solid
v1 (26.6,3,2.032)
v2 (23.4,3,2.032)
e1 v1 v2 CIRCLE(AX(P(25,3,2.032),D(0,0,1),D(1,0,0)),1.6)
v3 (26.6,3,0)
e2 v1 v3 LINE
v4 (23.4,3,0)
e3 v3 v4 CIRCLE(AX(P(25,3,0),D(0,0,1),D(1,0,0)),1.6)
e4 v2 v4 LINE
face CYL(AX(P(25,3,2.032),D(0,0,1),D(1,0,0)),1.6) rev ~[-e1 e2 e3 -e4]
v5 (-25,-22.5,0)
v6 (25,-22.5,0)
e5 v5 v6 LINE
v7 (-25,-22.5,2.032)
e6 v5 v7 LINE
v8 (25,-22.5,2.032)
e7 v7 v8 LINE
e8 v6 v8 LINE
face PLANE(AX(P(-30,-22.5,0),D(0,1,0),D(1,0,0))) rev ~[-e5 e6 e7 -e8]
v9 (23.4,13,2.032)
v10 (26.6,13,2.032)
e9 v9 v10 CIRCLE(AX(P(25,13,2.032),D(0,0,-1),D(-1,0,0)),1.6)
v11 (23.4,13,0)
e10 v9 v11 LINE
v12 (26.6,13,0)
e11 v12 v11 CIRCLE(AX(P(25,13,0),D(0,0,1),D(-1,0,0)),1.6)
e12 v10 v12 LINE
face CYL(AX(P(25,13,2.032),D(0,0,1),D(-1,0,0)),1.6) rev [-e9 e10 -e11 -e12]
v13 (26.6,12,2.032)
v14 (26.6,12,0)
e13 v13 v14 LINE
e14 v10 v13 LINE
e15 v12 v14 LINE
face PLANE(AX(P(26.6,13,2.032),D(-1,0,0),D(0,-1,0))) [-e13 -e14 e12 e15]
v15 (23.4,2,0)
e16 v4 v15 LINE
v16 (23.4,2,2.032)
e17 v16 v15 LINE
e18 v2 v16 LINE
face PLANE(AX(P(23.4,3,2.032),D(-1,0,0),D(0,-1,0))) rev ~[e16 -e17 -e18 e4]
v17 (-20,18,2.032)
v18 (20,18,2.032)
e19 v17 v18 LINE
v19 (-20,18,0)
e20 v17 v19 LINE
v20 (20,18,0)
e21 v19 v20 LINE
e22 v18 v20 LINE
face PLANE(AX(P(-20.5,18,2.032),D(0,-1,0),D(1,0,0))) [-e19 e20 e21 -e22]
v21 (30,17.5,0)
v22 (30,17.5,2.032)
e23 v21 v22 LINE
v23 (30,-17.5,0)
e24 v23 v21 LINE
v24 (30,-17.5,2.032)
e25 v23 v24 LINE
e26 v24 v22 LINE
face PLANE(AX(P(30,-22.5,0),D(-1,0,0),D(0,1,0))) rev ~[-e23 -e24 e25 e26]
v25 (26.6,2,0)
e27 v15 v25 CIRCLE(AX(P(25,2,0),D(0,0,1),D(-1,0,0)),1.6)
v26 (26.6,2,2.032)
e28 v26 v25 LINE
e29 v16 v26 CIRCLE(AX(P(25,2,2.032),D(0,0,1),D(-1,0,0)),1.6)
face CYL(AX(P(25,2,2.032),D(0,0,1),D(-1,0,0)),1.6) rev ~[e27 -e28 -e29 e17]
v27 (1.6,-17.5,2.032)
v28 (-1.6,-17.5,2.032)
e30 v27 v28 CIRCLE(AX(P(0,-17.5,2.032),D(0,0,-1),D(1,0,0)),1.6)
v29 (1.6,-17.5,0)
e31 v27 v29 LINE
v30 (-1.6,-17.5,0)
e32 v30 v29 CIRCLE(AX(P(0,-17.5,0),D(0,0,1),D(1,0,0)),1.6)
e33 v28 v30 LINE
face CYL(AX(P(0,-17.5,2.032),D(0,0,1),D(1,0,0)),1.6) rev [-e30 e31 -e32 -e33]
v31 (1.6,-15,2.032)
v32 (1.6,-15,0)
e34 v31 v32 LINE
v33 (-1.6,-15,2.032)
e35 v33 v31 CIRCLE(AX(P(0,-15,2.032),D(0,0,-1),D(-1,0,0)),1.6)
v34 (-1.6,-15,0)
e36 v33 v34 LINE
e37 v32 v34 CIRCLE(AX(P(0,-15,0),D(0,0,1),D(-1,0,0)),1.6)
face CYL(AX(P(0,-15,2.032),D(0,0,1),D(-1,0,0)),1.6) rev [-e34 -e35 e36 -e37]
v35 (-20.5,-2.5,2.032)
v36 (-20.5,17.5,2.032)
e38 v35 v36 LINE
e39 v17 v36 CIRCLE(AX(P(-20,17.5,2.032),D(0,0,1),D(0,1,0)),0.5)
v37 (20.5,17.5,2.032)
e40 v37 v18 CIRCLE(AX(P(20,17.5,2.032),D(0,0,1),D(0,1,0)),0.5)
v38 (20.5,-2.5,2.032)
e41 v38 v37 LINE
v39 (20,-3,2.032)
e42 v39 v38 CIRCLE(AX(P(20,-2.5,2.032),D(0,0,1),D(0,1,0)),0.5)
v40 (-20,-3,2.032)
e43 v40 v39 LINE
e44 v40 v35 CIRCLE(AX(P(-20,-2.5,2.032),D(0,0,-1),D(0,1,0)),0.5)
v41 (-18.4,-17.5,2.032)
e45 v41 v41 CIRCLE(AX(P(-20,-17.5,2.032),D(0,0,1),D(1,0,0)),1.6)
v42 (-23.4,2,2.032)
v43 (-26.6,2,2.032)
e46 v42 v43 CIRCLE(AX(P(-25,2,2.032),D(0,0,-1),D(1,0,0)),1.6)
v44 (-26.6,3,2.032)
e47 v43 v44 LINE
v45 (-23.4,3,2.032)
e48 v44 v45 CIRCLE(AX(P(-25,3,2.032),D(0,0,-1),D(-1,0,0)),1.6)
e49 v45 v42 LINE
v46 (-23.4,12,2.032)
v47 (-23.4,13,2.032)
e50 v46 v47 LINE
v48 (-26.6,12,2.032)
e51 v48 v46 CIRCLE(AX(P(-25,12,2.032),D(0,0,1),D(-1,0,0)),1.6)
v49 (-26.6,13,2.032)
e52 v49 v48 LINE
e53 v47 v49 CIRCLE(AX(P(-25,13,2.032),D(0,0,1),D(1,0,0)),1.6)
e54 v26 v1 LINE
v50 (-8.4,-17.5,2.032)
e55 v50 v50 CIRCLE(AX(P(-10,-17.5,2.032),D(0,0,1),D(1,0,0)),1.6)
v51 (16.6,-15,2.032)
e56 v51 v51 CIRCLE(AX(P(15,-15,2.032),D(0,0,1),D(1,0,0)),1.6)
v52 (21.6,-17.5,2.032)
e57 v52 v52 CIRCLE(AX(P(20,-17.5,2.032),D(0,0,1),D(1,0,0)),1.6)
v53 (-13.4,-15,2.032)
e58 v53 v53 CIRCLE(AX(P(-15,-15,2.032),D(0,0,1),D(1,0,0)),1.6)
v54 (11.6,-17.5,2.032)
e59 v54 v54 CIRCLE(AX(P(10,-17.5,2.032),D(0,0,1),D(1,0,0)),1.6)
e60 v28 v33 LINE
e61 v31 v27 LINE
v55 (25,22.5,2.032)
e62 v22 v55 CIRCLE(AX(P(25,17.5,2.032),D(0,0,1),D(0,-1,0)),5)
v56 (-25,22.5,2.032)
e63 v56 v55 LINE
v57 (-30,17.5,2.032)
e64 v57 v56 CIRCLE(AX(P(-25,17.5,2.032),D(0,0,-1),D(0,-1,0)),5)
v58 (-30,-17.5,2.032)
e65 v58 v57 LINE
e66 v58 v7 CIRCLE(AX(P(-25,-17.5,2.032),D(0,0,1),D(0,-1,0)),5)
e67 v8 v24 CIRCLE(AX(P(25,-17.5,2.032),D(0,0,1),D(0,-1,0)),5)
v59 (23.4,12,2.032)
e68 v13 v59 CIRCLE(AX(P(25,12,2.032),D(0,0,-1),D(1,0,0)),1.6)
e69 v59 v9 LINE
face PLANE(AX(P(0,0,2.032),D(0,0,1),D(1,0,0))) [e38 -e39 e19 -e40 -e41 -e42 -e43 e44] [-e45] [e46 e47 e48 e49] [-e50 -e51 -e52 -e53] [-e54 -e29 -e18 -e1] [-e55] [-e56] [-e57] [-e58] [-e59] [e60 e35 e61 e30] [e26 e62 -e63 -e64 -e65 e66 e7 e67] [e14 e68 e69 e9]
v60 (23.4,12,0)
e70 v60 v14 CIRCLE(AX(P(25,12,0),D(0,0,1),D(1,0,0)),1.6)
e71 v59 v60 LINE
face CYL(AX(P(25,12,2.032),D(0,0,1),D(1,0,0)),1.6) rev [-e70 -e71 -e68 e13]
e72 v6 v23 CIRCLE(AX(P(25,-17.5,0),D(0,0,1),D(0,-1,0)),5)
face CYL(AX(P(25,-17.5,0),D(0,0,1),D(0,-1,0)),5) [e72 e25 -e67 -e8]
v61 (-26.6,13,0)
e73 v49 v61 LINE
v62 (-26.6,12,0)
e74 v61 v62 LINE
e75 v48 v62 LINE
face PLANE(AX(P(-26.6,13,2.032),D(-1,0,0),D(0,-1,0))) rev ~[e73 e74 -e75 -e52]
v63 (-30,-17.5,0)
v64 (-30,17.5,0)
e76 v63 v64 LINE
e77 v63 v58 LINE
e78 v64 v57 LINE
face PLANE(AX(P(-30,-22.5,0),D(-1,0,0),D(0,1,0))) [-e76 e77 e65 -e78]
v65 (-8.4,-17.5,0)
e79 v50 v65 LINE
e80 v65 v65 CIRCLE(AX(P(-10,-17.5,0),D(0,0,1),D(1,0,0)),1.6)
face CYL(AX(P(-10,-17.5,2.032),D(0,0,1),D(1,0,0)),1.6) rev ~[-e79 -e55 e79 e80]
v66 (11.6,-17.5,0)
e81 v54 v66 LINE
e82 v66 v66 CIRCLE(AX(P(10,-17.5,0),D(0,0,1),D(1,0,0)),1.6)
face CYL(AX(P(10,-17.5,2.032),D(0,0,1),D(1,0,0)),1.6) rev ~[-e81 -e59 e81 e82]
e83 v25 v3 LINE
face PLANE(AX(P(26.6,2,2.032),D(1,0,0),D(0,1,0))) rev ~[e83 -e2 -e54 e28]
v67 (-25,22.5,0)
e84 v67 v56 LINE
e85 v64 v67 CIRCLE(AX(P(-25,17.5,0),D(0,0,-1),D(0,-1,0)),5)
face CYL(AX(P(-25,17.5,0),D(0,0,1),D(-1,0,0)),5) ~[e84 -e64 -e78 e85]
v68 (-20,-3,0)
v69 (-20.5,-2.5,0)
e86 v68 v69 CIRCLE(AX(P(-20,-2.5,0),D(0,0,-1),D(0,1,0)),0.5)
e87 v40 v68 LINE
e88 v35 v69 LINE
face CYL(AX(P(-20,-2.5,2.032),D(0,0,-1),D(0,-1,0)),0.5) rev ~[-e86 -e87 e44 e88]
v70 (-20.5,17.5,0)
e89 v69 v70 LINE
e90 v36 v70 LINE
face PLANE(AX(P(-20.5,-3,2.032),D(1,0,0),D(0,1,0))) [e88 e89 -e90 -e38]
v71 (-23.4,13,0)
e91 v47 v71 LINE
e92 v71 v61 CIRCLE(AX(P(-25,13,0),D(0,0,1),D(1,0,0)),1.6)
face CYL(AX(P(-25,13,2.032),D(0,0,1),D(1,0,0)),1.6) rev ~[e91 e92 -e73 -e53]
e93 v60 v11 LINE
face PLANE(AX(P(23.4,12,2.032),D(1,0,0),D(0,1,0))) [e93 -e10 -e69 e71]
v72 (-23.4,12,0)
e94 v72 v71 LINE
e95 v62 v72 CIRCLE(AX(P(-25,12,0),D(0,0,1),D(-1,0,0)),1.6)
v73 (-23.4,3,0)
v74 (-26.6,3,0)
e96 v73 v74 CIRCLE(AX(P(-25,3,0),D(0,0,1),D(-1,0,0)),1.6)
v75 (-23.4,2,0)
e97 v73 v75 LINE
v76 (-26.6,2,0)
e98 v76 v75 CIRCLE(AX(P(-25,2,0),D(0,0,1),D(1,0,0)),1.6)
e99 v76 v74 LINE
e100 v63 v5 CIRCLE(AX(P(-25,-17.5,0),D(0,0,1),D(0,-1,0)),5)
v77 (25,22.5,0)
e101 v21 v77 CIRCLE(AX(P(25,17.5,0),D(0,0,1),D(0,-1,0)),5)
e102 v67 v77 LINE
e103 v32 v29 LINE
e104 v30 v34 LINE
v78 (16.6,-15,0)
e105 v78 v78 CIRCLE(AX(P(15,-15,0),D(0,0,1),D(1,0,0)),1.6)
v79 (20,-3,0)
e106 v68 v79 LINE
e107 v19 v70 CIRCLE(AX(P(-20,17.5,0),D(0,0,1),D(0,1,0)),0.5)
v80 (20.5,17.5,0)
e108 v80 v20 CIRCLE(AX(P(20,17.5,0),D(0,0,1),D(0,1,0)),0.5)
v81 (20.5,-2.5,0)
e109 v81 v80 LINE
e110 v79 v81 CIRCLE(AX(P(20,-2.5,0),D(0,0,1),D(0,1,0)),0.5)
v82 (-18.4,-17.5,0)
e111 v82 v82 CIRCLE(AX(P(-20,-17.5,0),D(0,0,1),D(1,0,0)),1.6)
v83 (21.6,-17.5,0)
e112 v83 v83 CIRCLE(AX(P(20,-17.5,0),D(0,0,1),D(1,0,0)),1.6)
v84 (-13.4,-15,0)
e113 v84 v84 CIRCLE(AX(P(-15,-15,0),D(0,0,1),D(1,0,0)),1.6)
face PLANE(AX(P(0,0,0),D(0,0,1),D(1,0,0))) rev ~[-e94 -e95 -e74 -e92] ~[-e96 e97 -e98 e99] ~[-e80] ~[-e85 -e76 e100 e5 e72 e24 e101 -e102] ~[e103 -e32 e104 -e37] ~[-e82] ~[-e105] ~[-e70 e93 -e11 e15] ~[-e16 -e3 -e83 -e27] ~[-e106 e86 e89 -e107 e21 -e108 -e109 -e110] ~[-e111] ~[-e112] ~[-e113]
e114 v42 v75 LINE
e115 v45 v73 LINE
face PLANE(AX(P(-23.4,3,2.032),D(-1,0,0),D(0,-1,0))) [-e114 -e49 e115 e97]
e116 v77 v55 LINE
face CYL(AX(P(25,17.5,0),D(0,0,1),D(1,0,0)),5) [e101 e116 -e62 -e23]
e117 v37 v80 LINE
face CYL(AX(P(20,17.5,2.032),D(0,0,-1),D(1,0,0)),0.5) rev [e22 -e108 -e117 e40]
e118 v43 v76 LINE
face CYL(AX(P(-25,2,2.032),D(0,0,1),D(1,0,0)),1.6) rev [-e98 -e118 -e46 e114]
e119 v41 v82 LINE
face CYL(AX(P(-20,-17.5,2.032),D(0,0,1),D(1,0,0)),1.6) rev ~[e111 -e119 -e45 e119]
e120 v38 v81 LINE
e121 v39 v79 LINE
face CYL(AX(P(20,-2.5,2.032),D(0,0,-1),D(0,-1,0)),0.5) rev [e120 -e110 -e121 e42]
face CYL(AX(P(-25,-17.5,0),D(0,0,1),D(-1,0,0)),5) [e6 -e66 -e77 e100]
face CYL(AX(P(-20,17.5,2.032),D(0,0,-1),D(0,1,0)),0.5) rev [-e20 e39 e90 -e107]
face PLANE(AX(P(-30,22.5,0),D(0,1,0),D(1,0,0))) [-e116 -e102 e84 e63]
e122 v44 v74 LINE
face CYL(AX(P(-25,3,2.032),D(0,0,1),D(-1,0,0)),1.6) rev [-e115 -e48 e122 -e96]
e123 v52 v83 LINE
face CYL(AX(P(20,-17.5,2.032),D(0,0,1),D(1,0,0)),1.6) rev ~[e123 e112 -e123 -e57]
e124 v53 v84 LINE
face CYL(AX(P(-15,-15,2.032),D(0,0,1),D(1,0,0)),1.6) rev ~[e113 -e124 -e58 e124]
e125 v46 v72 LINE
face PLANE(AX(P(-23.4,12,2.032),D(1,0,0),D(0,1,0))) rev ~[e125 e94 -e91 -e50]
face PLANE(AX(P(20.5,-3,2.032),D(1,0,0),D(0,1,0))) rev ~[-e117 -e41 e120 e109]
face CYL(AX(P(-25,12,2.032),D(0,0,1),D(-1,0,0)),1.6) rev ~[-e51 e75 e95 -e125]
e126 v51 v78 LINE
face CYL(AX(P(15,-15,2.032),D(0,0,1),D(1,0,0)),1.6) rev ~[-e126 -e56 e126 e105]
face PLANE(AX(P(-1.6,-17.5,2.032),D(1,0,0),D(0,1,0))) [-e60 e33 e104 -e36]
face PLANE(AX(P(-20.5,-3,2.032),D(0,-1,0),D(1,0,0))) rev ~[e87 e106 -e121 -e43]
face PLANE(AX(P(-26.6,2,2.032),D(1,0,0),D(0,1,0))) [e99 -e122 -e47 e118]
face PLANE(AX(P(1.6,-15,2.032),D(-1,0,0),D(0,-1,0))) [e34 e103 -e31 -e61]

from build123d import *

# Parameters (mm, degrees)
SKETCH1_W           = 60
SKETCH1_H           = 45
BOSS_EXTRUDE1_DEPTH = 2.032
FILLET1_R           = 5
SKETCH2_W           = 41
SKETCH2_H           = 21
CUT_EXTRUDE1_DEPTH  = 3.032
FILLET2_R           = 0.5
CUT_EXTRUDE2_DEPTH  = 3.032
SKETCH4_R           = 1.6
CUT_EXTRUDE3_DEPTH  = 3.032


with BuildPart() as part:
    # Sketch1 → Boss-Extrude1 (new body)
    with BuildSketch(Plane.XY):
        Rectangle(SKETCH1_W, SKETCH1_H)
    extrude(amount=BOSS_EXTRUDE1_DEPTH)

    # Fillet1
    fillet1_edges = [part.edges().sort_by_distance(p)[0] for p in [
        (30, -22.5, 1.016),
        (-30, -22.5, 1.016),
        (-30, 22.5, 1.016),
        (30, 22.5, 1.016),
    ]]
    fillet(fillet1_edges, radius=FILLET1_R)

    # Sketch2 → Cut-Extrude1 (cut, through all)
    with BuildSketch(Plane.XY.offset(2.032)):
        with Locations((0, 7.5)):
            Rectangle(SKETCH2_W, SKETCH2_H)
    extrude(amount=-CUT_EXTRUDE1_DEPTH, mode=Mode.SUBTRACT)

    # Fillet2
    fillet2_edges = [part.edges().sort_by_distance(p)[0] for p in [
        (20.5, 18, 1.016),
        (20.5, -3, 1.016),
        (-20.5, -3, 1.016),
        (-20.5, 18, 1.016),
    ]]
    fillet(fillet2_edges, radius=FILLET2_R)

    # Sketch3 → Cut-Extrude2 (cut, through all)
    with BuildSketch(Plane.XY.offset(2.032)):
        with BuildLine():
            Line((-23.4, 3), (-23.4, 2))
            ThreePointArc((-23.4, 2), (-25, 0.4), (-26.6, 2))
            Line((-26.6, 2), (-26.6, 3))
            ThreePointArc((-26.6, 3), (-25, 4.6), (-23.4, 3))
        make_face()
        with BuildLine():
            Line((-23.4, 12), (-23.4, 13))
            ThreePointArc((-23.4, 13), (-25, 14.6), (-26.6, 13))
            Line((-26.6, 13), (-26.6, 12))
            ThreePointArc((-26.6, 12), (-25, 10.4), (-23.4, 12))
        make_face()
        with BuildLine():
            Line((23.4, 3), (23.4, 2))
            ThreePointArc((23.4, 2), (25, 0.4), (26.6, 2))
            Line((26.6, 2), (26.6, 3))
            ThreePointArc((26.6, 3), (25, 4.6), (23.4, 3))
        make_face()
        with BuildLine():
            Line((23.4, 12), (23.4, 13))
            ThreePointArc((23.4, 13), (25, 14.6), (26.6, 13))
            Line((26.6, 13), (26.6, 12))
            ThreePointArc((26.6, 12), (25, 10.4), (23.4, 12))
        make_face()
    extrude(amount=-CUT_EXTRUDE2_DEPTH, mode=Mode.SUBTRACT)

    # Sketch4 → Cut-Extrude3 (cut, through all)
    with BuildSketch(Plane.XY.offset(2.032)):
        with Locations((-15, -15)):
            Circle(SKETCH4_R)
        with Locations((15, -15)):
            Circle(SKETCH4_R)
        with Locations((10, -17.5)):
            Circle(SKETCH4_R)
        with Locations((-10, -17.5)):
            Circle(SKETCH4_R)
        with Locations((20, -17.5)):
            Circle(SKETCH4_R)
        with Locations((-20, -17.5)):
            Circle(SKETCH4_R)
        with BuildLine():
            Line((1.6, -15), (1.6, -17.5))
            ThreePointArc((1.6, -17.5), (0, -19.1), (-1.6, -17.5))
            Line((-1.6, -17.5), (-1.6, -15))
            ThreePointArc((-1.6, -15), (0, -13.4), (1.6, -15))
        make_face()
    extrude(amount=-CUT_EXTRUDE3_DEPTH, mode=Mode.SUBTRACT)


solid = part.part
